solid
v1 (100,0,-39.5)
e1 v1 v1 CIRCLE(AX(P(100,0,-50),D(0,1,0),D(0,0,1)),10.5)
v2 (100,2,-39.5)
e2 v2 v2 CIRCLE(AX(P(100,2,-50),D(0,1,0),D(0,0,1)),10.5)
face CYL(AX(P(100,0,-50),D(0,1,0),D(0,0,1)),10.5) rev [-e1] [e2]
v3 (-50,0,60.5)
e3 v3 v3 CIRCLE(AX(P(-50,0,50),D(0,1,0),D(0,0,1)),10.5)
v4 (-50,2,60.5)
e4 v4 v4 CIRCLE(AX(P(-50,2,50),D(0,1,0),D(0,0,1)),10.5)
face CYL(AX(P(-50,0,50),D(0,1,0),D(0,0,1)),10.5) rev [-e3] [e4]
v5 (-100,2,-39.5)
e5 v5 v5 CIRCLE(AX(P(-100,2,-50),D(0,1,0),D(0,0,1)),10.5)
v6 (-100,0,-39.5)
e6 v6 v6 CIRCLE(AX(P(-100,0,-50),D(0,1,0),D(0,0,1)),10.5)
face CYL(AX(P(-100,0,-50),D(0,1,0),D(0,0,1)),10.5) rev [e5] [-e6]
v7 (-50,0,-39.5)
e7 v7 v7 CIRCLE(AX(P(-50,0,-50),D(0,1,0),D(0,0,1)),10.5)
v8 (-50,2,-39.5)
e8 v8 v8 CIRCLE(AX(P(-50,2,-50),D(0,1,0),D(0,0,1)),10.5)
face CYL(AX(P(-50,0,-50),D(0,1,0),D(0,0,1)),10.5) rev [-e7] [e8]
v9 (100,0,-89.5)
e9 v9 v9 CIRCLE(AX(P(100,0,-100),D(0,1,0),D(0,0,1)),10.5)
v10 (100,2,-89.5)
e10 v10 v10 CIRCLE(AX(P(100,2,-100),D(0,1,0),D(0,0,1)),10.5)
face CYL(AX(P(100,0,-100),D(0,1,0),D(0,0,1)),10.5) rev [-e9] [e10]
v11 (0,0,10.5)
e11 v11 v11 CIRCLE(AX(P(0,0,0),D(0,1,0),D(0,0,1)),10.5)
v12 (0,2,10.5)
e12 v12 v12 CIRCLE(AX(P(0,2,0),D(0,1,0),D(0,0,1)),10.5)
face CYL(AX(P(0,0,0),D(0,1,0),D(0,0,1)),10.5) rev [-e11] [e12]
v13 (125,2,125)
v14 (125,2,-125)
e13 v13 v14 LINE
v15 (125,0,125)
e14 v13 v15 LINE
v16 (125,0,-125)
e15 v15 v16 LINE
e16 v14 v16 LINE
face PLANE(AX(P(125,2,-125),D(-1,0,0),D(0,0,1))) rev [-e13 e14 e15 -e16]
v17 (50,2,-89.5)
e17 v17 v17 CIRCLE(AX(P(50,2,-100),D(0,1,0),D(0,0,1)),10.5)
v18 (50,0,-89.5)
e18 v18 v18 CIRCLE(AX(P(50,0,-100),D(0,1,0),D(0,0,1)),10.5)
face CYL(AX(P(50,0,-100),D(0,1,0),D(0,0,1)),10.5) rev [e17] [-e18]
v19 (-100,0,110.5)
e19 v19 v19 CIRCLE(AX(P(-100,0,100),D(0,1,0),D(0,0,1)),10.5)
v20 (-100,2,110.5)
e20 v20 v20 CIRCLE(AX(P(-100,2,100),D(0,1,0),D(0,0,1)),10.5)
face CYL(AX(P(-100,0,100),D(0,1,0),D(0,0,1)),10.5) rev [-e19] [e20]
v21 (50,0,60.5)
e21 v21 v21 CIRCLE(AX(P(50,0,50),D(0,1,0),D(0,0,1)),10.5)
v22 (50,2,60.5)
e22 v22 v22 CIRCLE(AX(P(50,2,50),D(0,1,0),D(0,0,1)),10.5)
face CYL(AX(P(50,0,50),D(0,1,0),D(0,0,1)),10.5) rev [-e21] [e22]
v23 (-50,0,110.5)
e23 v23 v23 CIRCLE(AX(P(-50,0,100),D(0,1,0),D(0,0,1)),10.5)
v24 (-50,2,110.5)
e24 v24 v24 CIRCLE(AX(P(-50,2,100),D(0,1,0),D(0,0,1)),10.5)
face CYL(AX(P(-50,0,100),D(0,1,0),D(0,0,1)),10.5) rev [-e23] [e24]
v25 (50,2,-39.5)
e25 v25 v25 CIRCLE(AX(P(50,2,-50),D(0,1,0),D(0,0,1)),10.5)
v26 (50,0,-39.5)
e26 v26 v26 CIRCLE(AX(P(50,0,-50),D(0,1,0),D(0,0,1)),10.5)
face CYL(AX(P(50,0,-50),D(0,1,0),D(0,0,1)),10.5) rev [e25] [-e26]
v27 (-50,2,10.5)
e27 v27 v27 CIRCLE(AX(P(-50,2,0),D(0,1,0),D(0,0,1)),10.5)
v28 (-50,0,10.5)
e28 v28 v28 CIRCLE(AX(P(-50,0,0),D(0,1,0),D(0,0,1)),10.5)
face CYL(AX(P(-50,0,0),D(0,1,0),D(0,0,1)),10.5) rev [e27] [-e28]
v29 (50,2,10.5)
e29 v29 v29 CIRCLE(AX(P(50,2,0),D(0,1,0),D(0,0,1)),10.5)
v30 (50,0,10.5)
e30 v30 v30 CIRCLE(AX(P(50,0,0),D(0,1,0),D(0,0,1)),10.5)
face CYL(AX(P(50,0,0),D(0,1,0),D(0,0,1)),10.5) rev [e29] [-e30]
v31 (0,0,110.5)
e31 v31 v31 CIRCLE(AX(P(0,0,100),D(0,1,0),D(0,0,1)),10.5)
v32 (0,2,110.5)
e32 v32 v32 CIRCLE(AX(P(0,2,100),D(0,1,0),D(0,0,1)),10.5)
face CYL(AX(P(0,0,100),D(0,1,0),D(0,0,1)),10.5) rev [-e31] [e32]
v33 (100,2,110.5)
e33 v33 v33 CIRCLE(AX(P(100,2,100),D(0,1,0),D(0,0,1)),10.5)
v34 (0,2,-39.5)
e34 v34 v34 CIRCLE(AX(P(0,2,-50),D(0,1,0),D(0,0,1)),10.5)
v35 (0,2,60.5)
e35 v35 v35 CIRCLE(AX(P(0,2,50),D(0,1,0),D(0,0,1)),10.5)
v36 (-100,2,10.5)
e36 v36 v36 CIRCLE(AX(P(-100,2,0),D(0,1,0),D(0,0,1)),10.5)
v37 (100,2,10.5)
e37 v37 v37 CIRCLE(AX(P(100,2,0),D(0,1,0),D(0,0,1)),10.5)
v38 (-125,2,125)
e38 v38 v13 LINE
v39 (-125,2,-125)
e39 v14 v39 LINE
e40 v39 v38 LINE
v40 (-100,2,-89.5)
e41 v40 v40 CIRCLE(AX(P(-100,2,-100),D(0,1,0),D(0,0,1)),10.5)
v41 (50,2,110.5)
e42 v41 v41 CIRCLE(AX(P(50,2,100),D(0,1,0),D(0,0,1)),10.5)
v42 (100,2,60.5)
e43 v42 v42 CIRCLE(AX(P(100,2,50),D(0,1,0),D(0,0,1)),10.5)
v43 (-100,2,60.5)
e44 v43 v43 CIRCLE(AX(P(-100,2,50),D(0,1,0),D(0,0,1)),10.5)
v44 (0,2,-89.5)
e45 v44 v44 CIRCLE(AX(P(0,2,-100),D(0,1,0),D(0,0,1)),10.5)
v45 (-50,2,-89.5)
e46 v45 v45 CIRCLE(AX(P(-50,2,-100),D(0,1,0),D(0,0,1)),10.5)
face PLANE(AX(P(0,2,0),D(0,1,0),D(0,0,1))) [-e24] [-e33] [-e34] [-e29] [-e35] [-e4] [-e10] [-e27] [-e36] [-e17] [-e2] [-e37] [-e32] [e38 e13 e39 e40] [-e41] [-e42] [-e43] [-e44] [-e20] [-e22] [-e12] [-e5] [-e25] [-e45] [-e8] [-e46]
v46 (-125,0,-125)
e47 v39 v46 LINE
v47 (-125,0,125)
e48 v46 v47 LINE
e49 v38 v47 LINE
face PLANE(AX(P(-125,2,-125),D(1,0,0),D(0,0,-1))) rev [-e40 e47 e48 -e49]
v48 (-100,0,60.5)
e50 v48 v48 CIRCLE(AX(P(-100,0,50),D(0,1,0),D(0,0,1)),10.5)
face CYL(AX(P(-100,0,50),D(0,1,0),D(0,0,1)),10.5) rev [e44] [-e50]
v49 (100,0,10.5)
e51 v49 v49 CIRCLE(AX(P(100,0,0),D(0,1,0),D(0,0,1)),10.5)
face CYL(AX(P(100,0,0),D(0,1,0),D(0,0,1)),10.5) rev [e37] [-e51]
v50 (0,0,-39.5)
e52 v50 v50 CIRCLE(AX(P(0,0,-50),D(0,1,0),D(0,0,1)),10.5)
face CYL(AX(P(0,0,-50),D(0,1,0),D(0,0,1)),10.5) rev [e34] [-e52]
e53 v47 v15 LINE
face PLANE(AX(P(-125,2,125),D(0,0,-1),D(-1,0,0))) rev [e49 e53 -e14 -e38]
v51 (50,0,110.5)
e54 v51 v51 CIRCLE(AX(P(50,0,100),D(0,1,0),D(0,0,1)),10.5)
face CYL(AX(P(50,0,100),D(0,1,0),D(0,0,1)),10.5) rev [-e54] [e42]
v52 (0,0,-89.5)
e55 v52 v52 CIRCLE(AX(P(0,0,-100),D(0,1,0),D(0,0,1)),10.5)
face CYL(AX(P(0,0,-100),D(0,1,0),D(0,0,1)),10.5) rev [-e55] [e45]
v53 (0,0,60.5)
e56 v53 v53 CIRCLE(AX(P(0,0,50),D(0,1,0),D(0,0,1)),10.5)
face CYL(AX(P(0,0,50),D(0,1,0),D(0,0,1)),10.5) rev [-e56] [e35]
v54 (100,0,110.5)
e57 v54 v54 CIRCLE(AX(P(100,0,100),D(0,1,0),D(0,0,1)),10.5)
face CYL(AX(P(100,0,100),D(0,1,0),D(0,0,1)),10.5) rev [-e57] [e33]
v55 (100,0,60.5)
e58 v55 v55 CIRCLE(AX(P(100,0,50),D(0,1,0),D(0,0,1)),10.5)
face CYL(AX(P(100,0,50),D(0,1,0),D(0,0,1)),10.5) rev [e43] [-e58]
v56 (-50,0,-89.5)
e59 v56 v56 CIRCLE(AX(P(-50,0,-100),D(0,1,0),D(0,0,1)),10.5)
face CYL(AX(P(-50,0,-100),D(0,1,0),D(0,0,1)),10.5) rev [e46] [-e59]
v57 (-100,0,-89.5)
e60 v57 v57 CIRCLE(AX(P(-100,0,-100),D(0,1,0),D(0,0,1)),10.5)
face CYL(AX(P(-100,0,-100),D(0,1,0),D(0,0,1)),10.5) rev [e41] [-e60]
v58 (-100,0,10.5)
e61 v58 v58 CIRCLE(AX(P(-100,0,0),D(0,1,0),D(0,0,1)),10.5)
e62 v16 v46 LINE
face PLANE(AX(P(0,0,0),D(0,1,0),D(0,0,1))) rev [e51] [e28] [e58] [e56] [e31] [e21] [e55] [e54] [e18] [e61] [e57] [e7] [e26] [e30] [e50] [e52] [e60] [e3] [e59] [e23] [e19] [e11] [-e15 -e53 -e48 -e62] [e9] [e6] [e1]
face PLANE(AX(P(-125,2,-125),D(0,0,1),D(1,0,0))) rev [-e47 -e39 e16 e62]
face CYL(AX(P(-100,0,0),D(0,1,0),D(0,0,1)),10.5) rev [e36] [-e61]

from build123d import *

# Parameters (mm, degrees)
SKETCH1_W           = 250
SKETCH1_H           = 250
BOSS_EXTRUDE1_DEPTH = 2
SKETCH2_R           = 10.5
CUT_EXTRUDE1_DEPTH  = 177.788008643


with BuildPart() as part:
    # Sketch1 → Boss-Extrude1 (new body)
    with BuildSketch(Plane(origin=(0, 0, 0), x_dir=(1, 0, 0), z_dir=(0, 1, 0))):
        Rectangle(SKETCH1_W, SKETCH1_H)
    extrude(amount=BOSS_EXTRUDE1_DEPTH)

    # Sketch2 → Cut-Extrude1 (cut, through all)
    with BuildSketch(Plane(origin=(0, 2, 0), x_dir=(1, 0, 0), z_dir=(0, 1, 0))):
        with Locations(Location((-100, 100, 0), (0, 0, 270))):
            Circle(SKETCH2_R)
        with Locations(Location((-50, 100, 0), (0, 0, 270))):
            Circle(SKETCH2_R)
        with Locations(Location((0, 100, 0), (0, 0, 270))):
            Circle(SKETCH2_R)
        with Locations(Location((50, 100, 0), (0, 0, 270))):
            Circle(SKETCH2_R)
        with Locations(Location((100, 100, 0), (0, 0, 270))):
            Circle(SKETCH2_R)
        with Locations(Location((-50, 50, 0), (0, 0, 270))):
            Circle(SKETCH2_R)
        with Locations(Location((0, 50, 0), (0, 0, 270))):
            Circle(SKETCH2_R)
        with Locations(Location((50, 50, 0), (0, 0, 270))):
            Circle(SKETCH2_R)
        with Locations(Location((100, 50, 0), (0, 0, 270))):
            Circle(SKETCH2_R)
        with Locations(Location((-50, 0, 0), (0, 0, 270))):
            Circle(SKETCH2_R)
        with Locations(Location((0, 0, 0), (0, 0, 270))):
            Circle(SKETCH2_R)
        with Locations(Location((50, 0, 0), (0, 0, 270))):
            Circle(SKETCH2_R)
        with Locations(Location((100, 0, 0), (0, 0, 270))):
            Circle(SKETCH2_R)
        with Locations(Location((-50, -50, 0), (0, 0, 270))):
            Circle(SKETCH2_R)
        with Locations(Location((0, -50, 0), (0, 0, 270))):
            Circle(SKETCH2_R)
        with Locations(Location((50, -50, 0), (0, 0, 270))):
            Circle(SKETCH2_R)
        with Locations(Location((100, -50, 0), (0, 0, 270))):
            Circle(SKETCH2_R)
        with Locations(Location((-50, -100, 0), (0, 0, 270))):
            Circle(SKETCH2_R)
        with Locations(Location((0, -100, 0), (0, 0, 270))):
            Circle(SKETCH2_R)
        with Locations(Location((50, -100, 0), (0, 0, 270))):
            Circle(SKETCH2_R)
        with Locations(Location((100, -100, 0), (0, 0, 270))):
            Circle(SKETCH2_R)
        with Locations(Location((-100, 50, 0), (0, 0, 270))):
            Circle(SKETCH2_R)
        with Locations(Location((-100, 0, 0), (0, 0, 270))):
            Circle(SKETCH2_R)
        with Locations(Location((-100, -50, 0), (0, 0, 270))):
            Circle(SKETCH2_R)
        with Locations(Location((-100, -100, 0), (0, 0, 270))):
            Circle(SKETCH2_R)
    extrude(amount=-CUT_EXTRUDE1_DEPTH, mode=Mode.SUBTRACT)


solid = part.part
